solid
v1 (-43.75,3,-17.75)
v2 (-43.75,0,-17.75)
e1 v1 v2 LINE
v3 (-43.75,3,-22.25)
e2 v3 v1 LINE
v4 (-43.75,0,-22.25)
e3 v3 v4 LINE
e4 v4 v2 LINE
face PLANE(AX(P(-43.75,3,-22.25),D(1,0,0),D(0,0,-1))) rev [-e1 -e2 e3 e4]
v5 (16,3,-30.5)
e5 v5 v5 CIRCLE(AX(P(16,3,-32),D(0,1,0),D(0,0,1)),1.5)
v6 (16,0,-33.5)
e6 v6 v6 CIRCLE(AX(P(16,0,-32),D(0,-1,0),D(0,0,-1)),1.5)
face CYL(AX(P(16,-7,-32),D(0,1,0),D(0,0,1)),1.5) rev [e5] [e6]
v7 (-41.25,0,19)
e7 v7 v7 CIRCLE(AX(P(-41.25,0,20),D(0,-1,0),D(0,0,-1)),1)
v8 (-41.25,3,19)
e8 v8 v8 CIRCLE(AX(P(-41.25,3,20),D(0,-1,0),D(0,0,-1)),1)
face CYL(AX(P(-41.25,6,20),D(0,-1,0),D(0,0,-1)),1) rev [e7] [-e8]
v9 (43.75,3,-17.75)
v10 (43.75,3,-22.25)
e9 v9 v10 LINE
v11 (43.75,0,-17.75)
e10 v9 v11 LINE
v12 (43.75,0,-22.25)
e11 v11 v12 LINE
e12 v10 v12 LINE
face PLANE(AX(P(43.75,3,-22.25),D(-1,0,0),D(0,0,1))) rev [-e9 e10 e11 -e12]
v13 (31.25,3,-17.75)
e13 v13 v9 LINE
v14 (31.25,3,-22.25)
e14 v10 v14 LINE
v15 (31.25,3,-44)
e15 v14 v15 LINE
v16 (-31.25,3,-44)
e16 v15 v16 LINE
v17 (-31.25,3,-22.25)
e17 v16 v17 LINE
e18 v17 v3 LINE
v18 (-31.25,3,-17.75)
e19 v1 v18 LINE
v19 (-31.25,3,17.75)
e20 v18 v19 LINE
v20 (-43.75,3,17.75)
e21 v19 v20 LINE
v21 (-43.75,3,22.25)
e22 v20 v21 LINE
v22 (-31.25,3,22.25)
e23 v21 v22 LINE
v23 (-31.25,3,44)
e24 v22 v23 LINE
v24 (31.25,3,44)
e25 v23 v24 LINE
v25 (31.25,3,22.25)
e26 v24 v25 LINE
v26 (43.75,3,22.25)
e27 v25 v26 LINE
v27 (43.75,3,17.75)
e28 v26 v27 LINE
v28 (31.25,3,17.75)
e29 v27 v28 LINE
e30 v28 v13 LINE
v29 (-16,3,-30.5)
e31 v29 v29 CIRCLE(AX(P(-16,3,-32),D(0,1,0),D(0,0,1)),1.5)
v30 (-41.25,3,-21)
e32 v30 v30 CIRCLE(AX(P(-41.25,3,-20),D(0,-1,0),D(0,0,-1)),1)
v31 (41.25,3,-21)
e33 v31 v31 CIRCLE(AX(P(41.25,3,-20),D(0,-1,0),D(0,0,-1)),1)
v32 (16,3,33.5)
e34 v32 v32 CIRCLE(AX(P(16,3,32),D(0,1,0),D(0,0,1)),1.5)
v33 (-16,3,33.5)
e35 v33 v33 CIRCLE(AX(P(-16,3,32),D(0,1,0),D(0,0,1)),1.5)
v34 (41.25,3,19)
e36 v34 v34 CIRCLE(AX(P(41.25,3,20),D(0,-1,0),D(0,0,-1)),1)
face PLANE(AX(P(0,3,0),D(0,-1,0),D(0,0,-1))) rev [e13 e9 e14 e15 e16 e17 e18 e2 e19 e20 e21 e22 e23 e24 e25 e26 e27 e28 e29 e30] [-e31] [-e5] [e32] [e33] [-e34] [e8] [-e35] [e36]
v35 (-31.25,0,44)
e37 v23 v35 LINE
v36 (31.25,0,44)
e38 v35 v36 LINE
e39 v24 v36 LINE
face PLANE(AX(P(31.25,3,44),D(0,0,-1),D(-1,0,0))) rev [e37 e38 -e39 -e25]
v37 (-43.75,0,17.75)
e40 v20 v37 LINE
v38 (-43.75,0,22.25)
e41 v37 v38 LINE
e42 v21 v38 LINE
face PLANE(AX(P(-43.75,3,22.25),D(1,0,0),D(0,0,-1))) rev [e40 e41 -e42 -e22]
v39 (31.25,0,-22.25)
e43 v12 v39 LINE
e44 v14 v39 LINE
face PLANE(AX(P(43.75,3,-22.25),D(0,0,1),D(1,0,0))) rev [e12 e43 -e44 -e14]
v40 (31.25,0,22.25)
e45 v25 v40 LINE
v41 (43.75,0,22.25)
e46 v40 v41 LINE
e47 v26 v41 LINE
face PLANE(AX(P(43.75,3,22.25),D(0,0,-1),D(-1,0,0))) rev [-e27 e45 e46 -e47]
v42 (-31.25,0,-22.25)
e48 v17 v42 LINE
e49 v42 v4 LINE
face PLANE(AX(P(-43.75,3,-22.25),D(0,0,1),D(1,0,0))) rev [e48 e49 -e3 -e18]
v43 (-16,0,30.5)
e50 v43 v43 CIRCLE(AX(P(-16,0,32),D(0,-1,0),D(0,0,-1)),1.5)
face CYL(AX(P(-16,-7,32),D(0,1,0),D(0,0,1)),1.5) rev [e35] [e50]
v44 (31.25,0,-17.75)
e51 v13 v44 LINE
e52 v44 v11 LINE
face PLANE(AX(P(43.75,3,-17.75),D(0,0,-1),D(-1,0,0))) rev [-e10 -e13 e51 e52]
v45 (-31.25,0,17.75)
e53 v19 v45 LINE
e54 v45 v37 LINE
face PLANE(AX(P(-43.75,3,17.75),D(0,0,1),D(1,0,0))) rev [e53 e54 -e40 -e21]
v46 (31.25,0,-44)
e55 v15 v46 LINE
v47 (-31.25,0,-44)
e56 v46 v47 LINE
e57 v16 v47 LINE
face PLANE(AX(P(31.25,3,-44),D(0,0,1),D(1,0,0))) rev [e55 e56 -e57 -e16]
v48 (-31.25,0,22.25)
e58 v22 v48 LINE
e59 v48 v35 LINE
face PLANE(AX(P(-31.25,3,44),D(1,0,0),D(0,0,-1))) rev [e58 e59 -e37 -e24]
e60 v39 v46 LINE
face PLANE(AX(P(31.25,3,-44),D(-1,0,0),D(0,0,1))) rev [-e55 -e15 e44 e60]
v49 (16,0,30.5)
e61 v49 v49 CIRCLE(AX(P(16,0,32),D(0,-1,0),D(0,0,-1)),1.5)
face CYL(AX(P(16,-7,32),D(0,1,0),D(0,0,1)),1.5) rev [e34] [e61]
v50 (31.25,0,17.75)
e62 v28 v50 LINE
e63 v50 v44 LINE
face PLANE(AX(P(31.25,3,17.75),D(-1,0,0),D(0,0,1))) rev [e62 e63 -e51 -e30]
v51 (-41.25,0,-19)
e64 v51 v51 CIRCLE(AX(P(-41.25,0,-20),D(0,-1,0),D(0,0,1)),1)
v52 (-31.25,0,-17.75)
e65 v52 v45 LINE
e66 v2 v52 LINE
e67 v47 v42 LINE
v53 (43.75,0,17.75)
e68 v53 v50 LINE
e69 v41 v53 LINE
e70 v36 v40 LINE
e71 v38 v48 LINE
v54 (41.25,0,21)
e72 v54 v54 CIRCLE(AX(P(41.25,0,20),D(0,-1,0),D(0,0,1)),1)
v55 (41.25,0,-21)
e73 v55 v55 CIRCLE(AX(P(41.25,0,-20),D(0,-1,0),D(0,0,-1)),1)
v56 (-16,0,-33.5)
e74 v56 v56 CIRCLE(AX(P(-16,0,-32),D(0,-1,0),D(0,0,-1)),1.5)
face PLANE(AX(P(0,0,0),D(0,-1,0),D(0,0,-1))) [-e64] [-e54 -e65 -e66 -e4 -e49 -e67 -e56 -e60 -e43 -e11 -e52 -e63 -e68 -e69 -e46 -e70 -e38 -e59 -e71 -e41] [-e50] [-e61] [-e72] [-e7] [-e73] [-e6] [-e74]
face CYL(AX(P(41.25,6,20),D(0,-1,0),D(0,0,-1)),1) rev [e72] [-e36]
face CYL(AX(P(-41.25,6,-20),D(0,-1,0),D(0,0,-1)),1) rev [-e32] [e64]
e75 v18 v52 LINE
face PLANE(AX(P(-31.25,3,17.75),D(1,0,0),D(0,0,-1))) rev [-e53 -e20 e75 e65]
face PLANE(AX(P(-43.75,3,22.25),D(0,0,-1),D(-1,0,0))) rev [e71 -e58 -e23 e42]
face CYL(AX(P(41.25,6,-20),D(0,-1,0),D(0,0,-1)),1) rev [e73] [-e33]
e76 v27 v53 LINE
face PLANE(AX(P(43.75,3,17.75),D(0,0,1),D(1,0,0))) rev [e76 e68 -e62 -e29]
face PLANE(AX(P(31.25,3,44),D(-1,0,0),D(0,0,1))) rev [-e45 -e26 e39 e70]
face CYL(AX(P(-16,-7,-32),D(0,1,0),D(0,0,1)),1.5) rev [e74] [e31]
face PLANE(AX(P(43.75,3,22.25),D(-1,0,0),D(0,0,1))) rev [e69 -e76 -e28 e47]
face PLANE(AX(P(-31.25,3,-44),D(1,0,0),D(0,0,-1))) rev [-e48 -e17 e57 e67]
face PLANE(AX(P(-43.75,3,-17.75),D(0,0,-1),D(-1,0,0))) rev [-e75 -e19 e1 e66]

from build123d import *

# Parameters (mm, degrees)
BOSS_EXTRUDE1_DEPTH = 3
SKETCH2_R           = 1
CUT_EXTRUDE1_DEPTH  = 6
SKETCH3_R           = 1.5
CUT_EXTRUDE2_DEPTH  = 10


with BuildPart() as part:
    # Sketch1 → Boss-Extrude1 (new body)
    with BuildSketch(Plane(origin=(0, 0, 0), x_dir=(1, 0, 0), z_dir=(0, 1, 0))):
        Polygon((-43.75, 22.25), (-31.25, 22.25), (-31.25, 44), (31.25, 44), (31.25, 22.25), (43.75, 22.25), (43.75, 17.75), (31.25, 17.75), (31.25, -17.75), (43.75, -17.75), (43.75, -22.25), (31.25, -22.25), (31.25, -44), (-31.25, -44), (-31.25, -22.25), (-43.75, -22.25), (-43.75, -17.75), (-31.25, -17.75), (-31.25, 17.75), (-43.75, 17.75), align=None)
    extrude(amount=BOSS_EXTRUDE1_DEPTH)

    # Sketch2 → Cut-Extrude1 (cut)
    with BuildSketch(Plane.XZ):
        with Locations((-41.25, 20)):
            Circle(SKETCH2_R)
        with Locations((-41.25, -20)):
            Circle(SKETCH2_R)
        with Locations((41.25, -20)):
            Circle(SKETCH2_R)
        with Locations((41.25, 20)):
            Circle(SKETCH2_R)
    extrude(amount=-CUT_EXTRUDE1_DEPTH, mode=Mode.SUBTRACT)

    # Sketch3 → Cut-Extrude2 (cut)
    with BuildSketch(Plane(origin=(0, 3, 0), x_dir=(1, 0, 0), z_dir=(0, 1, 0))):
        with Locations((-16, 32)):
            Circle(SKETCH3_R)
        with Locations((16, 32)):
            Circle(SKETCH3_R)
        with Locations((16, -32)):
            Circle(SKETCH3_R)
        with Locations((-16, -32)):
            Circle(SKETCH3_R)
    extrude(amount=-CUT_EXTRUDE2_DEPTH, mode=Mode.SUBTRACT)


solid = part.part
